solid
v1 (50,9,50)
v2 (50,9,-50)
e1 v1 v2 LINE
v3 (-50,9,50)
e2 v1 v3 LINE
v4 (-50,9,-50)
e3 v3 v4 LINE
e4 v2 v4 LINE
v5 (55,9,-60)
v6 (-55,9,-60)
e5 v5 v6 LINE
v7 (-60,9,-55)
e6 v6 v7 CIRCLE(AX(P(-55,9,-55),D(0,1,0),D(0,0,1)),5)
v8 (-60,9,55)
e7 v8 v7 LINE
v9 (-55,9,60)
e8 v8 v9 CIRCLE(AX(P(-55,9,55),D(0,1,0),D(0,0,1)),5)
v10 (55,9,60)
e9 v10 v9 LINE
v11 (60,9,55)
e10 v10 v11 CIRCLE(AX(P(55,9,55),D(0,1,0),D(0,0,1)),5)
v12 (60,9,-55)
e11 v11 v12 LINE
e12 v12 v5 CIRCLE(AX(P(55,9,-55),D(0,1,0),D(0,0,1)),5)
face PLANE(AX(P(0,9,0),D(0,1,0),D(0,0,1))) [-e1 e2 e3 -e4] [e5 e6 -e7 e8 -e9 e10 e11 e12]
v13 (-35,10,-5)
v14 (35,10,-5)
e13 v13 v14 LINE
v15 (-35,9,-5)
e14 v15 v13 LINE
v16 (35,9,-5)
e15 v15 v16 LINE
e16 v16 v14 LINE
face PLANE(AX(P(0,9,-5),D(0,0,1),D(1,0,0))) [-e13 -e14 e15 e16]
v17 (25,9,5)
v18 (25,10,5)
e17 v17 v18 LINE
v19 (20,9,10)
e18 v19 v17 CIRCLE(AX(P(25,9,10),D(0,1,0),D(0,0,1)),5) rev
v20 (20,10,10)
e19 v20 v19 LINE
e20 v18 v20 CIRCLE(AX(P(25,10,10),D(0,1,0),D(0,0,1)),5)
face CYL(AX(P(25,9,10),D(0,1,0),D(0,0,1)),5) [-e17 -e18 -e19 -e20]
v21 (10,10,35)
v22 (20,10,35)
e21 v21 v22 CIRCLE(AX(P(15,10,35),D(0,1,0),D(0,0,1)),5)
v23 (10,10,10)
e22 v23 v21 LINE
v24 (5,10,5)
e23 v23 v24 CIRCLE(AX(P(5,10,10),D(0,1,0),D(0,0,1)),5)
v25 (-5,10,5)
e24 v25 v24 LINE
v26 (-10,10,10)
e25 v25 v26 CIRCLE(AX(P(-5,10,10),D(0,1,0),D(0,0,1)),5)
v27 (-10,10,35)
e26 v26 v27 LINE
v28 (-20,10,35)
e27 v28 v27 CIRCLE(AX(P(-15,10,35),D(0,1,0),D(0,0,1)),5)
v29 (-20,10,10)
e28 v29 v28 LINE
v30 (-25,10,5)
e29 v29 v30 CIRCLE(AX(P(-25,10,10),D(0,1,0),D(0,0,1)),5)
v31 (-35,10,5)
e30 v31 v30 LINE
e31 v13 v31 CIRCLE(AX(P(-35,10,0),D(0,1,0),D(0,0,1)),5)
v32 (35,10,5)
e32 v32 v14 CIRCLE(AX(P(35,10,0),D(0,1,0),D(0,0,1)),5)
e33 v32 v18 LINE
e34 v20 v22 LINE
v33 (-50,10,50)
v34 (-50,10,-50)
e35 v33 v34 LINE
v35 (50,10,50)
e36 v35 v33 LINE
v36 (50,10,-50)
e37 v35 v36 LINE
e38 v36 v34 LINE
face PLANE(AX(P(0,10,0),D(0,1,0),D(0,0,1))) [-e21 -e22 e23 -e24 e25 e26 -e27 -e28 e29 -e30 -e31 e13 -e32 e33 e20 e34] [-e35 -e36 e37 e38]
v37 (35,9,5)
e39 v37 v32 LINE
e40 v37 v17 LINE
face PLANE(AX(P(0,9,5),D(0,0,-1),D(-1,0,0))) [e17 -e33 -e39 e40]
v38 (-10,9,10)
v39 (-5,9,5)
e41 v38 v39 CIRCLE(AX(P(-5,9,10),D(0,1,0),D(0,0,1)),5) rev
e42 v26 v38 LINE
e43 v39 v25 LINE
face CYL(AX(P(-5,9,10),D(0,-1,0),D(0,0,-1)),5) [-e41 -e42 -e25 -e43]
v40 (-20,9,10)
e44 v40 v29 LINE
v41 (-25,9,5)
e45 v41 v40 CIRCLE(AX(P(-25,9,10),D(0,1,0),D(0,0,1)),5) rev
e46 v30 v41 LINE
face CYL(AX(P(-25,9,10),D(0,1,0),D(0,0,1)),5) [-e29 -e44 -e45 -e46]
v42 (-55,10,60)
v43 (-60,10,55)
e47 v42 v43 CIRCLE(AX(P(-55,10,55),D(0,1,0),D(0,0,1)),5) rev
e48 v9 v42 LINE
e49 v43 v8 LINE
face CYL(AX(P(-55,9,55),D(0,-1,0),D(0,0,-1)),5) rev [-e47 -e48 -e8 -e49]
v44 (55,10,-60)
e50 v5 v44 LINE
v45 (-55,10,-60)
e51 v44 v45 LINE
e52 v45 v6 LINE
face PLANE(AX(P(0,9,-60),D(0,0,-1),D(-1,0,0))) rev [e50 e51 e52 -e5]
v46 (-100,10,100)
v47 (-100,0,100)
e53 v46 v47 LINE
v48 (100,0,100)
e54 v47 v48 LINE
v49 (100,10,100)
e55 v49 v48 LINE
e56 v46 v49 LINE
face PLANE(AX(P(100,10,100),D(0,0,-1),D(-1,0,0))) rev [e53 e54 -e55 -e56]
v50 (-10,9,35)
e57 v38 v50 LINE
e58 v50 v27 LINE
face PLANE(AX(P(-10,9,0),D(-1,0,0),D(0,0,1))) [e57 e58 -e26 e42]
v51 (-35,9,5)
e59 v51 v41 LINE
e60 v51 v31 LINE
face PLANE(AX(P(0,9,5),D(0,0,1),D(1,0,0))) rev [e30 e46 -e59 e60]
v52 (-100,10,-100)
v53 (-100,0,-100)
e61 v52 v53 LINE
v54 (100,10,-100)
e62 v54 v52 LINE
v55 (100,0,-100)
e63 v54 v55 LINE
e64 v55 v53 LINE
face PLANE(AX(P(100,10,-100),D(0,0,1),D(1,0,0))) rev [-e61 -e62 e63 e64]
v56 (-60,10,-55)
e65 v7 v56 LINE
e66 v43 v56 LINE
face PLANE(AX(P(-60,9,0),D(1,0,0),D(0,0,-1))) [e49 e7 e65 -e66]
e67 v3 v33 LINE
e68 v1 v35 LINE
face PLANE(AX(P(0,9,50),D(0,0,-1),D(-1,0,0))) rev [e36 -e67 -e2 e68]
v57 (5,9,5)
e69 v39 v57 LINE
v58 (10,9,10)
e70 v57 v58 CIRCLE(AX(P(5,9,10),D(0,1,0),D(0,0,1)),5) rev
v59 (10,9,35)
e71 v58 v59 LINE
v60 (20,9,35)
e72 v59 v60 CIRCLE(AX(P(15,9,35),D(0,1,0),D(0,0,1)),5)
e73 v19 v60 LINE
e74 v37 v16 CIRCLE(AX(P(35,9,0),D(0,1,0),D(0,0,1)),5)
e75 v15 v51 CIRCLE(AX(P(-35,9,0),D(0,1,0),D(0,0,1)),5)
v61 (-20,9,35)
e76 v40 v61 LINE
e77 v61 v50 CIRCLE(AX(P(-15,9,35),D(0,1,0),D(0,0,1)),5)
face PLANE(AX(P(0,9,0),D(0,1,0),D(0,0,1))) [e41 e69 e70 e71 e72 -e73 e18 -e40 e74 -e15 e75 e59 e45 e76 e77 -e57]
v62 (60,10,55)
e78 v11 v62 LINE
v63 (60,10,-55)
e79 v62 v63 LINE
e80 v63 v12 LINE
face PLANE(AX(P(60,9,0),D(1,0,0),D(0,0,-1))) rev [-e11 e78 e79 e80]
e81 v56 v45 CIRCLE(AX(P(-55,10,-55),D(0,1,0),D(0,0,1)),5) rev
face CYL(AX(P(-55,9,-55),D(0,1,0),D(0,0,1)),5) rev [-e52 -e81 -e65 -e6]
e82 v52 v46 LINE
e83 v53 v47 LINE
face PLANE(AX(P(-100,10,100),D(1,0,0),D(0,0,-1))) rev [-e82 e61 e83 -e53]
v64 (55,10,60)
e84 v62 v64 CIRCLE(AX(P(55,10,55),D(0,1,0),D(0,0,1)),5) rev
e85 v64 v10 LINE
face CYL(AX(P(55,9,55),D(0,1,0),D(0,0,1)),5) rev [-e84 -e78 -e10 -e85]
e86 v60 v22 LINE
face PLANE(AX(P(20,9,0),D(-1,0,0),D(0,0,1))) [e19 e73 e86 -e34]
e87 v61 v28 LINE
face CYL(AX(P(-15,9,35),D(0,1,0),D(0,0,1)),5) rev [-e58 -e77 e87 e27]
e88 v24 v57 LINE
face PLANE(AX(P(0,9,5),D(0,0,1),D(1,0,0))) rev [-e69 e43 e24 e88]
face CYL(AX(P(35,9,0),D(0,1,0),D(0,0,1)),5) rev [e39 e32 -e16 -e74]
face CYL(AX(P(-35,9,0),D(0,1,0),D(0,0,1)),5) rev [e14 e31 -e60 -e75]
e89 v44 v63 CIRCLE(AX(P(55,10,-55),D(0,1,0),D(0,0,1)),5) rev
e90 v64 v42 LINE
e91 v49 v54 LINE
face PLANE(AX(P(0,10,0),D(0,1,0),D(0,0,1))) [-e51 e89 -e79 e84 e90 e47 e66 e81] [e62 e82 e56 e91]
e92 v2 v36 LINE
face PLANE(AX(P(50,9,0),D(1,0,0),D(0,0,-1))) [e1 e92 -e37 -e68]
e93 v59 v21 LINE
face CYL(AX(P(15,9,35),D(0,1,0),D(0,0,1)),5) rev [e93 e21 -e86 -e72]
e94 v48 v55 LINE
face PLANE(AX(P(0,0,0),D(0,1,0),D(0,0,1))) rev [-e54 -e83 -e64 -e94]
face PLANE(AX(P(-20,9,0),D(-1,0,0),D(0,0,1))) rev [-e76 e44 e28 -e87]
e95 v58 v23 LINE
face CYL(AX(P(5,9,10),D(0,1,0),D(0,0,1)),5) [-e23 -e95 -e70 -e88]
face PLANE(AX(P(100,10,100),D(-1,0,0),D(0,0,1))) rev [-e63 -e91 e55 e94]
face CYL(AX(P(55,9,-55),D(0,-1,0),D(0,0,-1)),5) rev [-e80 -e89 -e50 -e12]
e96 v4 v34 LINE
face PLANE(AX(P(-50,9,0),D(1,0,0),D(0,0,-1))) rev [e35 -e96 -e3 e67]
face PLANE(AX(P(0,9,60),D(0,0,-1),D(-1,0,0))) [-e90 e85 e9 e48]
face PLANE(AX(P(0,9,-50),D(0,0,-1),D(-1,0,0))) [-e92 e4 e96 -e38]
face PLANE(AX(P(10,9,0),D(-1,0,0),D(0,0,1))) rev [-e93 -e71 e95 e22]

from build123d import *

# Parameters (mm, degrees)
SKETCH1_W           = 200
SKETCH1_H           = 200
BOSS_EXTRUDE1_DEPTH = 10
SKETCH2_W           = 120
SKETCH2_H           = 120
SKETCH2_W_2         = 100
SKETCH2_H_2         = 100
CUT_EXTRUDE1_DEPTH  = 1
FILLET1_R           = 5


with BuildPart() as part:
    # Sketch1 → Boss-Extrude1 (new body)
    with BuildSketch(Plane(origin=(0, 0, 0), x_dir=(1, 0, 0), z_dir=(0, 1, 0))):
        Rectangle(SKETCH1_W, SKETCH1_H)
    extrude(amount=BOSS_EXTRUDE1_DEPTH)

    # Sketch2 → Cut-Extrude1 (cut)
    with BuildSketch(Plane(origin=(0, 10, 0), x_dir=(1, 0, 0), z_dir=(0, 1, 0))):
        Rectangle(SKETCH2_W, SKETCH2_H)
        Rectangle(SKETCH2_W_2, SKETCH2_H_2, mode=Mode.SUBTRACT)
        with BuildLine():
            Line((-35, 5), (35, 5))
            ThreePointArc((35, 5), (40, 0), (35, -5))
            Line((35, -5), (20, -5))
            Line((20, -5), (20, -35))
            ThreePointArc((20, -35), (15, -40), (10, -35))
            Line((10, -35), (10, -5))
            Line((10, -5), (-10, -5))
            Line((-10, -5), (-10, -35))
            ThreePointArc((-10, -35), (-15, -40), (-20, -35))
            Line((-20, -35), (-20, -5))
            Line((-20, -5), (-35, -5))
            ThreePointArc((-35, -5), (-40, 0), (-35, 5))
        make_face()
    extrude(amount=-CUT_EXTRUDE1_DEPTH, mode=Mode.SUBTRACT)

    # Fillet1
    fillet1_edges = [part.edges().sort_by_distance(p)[0] for p in [
        (20, 9.5, 5),
        (10, 9.5, 5),
        (-10, 9.5, 5),
        (-20, 9.5, 5),
        (-60, 9.5, 60),
        (-60, 9.5, -60),
        (60, 9.5, -60),
        (60, 9.5, 60),
    ]]
    fillet(fillet1_edges, radius=FILLET1_R)


solid = part.part
